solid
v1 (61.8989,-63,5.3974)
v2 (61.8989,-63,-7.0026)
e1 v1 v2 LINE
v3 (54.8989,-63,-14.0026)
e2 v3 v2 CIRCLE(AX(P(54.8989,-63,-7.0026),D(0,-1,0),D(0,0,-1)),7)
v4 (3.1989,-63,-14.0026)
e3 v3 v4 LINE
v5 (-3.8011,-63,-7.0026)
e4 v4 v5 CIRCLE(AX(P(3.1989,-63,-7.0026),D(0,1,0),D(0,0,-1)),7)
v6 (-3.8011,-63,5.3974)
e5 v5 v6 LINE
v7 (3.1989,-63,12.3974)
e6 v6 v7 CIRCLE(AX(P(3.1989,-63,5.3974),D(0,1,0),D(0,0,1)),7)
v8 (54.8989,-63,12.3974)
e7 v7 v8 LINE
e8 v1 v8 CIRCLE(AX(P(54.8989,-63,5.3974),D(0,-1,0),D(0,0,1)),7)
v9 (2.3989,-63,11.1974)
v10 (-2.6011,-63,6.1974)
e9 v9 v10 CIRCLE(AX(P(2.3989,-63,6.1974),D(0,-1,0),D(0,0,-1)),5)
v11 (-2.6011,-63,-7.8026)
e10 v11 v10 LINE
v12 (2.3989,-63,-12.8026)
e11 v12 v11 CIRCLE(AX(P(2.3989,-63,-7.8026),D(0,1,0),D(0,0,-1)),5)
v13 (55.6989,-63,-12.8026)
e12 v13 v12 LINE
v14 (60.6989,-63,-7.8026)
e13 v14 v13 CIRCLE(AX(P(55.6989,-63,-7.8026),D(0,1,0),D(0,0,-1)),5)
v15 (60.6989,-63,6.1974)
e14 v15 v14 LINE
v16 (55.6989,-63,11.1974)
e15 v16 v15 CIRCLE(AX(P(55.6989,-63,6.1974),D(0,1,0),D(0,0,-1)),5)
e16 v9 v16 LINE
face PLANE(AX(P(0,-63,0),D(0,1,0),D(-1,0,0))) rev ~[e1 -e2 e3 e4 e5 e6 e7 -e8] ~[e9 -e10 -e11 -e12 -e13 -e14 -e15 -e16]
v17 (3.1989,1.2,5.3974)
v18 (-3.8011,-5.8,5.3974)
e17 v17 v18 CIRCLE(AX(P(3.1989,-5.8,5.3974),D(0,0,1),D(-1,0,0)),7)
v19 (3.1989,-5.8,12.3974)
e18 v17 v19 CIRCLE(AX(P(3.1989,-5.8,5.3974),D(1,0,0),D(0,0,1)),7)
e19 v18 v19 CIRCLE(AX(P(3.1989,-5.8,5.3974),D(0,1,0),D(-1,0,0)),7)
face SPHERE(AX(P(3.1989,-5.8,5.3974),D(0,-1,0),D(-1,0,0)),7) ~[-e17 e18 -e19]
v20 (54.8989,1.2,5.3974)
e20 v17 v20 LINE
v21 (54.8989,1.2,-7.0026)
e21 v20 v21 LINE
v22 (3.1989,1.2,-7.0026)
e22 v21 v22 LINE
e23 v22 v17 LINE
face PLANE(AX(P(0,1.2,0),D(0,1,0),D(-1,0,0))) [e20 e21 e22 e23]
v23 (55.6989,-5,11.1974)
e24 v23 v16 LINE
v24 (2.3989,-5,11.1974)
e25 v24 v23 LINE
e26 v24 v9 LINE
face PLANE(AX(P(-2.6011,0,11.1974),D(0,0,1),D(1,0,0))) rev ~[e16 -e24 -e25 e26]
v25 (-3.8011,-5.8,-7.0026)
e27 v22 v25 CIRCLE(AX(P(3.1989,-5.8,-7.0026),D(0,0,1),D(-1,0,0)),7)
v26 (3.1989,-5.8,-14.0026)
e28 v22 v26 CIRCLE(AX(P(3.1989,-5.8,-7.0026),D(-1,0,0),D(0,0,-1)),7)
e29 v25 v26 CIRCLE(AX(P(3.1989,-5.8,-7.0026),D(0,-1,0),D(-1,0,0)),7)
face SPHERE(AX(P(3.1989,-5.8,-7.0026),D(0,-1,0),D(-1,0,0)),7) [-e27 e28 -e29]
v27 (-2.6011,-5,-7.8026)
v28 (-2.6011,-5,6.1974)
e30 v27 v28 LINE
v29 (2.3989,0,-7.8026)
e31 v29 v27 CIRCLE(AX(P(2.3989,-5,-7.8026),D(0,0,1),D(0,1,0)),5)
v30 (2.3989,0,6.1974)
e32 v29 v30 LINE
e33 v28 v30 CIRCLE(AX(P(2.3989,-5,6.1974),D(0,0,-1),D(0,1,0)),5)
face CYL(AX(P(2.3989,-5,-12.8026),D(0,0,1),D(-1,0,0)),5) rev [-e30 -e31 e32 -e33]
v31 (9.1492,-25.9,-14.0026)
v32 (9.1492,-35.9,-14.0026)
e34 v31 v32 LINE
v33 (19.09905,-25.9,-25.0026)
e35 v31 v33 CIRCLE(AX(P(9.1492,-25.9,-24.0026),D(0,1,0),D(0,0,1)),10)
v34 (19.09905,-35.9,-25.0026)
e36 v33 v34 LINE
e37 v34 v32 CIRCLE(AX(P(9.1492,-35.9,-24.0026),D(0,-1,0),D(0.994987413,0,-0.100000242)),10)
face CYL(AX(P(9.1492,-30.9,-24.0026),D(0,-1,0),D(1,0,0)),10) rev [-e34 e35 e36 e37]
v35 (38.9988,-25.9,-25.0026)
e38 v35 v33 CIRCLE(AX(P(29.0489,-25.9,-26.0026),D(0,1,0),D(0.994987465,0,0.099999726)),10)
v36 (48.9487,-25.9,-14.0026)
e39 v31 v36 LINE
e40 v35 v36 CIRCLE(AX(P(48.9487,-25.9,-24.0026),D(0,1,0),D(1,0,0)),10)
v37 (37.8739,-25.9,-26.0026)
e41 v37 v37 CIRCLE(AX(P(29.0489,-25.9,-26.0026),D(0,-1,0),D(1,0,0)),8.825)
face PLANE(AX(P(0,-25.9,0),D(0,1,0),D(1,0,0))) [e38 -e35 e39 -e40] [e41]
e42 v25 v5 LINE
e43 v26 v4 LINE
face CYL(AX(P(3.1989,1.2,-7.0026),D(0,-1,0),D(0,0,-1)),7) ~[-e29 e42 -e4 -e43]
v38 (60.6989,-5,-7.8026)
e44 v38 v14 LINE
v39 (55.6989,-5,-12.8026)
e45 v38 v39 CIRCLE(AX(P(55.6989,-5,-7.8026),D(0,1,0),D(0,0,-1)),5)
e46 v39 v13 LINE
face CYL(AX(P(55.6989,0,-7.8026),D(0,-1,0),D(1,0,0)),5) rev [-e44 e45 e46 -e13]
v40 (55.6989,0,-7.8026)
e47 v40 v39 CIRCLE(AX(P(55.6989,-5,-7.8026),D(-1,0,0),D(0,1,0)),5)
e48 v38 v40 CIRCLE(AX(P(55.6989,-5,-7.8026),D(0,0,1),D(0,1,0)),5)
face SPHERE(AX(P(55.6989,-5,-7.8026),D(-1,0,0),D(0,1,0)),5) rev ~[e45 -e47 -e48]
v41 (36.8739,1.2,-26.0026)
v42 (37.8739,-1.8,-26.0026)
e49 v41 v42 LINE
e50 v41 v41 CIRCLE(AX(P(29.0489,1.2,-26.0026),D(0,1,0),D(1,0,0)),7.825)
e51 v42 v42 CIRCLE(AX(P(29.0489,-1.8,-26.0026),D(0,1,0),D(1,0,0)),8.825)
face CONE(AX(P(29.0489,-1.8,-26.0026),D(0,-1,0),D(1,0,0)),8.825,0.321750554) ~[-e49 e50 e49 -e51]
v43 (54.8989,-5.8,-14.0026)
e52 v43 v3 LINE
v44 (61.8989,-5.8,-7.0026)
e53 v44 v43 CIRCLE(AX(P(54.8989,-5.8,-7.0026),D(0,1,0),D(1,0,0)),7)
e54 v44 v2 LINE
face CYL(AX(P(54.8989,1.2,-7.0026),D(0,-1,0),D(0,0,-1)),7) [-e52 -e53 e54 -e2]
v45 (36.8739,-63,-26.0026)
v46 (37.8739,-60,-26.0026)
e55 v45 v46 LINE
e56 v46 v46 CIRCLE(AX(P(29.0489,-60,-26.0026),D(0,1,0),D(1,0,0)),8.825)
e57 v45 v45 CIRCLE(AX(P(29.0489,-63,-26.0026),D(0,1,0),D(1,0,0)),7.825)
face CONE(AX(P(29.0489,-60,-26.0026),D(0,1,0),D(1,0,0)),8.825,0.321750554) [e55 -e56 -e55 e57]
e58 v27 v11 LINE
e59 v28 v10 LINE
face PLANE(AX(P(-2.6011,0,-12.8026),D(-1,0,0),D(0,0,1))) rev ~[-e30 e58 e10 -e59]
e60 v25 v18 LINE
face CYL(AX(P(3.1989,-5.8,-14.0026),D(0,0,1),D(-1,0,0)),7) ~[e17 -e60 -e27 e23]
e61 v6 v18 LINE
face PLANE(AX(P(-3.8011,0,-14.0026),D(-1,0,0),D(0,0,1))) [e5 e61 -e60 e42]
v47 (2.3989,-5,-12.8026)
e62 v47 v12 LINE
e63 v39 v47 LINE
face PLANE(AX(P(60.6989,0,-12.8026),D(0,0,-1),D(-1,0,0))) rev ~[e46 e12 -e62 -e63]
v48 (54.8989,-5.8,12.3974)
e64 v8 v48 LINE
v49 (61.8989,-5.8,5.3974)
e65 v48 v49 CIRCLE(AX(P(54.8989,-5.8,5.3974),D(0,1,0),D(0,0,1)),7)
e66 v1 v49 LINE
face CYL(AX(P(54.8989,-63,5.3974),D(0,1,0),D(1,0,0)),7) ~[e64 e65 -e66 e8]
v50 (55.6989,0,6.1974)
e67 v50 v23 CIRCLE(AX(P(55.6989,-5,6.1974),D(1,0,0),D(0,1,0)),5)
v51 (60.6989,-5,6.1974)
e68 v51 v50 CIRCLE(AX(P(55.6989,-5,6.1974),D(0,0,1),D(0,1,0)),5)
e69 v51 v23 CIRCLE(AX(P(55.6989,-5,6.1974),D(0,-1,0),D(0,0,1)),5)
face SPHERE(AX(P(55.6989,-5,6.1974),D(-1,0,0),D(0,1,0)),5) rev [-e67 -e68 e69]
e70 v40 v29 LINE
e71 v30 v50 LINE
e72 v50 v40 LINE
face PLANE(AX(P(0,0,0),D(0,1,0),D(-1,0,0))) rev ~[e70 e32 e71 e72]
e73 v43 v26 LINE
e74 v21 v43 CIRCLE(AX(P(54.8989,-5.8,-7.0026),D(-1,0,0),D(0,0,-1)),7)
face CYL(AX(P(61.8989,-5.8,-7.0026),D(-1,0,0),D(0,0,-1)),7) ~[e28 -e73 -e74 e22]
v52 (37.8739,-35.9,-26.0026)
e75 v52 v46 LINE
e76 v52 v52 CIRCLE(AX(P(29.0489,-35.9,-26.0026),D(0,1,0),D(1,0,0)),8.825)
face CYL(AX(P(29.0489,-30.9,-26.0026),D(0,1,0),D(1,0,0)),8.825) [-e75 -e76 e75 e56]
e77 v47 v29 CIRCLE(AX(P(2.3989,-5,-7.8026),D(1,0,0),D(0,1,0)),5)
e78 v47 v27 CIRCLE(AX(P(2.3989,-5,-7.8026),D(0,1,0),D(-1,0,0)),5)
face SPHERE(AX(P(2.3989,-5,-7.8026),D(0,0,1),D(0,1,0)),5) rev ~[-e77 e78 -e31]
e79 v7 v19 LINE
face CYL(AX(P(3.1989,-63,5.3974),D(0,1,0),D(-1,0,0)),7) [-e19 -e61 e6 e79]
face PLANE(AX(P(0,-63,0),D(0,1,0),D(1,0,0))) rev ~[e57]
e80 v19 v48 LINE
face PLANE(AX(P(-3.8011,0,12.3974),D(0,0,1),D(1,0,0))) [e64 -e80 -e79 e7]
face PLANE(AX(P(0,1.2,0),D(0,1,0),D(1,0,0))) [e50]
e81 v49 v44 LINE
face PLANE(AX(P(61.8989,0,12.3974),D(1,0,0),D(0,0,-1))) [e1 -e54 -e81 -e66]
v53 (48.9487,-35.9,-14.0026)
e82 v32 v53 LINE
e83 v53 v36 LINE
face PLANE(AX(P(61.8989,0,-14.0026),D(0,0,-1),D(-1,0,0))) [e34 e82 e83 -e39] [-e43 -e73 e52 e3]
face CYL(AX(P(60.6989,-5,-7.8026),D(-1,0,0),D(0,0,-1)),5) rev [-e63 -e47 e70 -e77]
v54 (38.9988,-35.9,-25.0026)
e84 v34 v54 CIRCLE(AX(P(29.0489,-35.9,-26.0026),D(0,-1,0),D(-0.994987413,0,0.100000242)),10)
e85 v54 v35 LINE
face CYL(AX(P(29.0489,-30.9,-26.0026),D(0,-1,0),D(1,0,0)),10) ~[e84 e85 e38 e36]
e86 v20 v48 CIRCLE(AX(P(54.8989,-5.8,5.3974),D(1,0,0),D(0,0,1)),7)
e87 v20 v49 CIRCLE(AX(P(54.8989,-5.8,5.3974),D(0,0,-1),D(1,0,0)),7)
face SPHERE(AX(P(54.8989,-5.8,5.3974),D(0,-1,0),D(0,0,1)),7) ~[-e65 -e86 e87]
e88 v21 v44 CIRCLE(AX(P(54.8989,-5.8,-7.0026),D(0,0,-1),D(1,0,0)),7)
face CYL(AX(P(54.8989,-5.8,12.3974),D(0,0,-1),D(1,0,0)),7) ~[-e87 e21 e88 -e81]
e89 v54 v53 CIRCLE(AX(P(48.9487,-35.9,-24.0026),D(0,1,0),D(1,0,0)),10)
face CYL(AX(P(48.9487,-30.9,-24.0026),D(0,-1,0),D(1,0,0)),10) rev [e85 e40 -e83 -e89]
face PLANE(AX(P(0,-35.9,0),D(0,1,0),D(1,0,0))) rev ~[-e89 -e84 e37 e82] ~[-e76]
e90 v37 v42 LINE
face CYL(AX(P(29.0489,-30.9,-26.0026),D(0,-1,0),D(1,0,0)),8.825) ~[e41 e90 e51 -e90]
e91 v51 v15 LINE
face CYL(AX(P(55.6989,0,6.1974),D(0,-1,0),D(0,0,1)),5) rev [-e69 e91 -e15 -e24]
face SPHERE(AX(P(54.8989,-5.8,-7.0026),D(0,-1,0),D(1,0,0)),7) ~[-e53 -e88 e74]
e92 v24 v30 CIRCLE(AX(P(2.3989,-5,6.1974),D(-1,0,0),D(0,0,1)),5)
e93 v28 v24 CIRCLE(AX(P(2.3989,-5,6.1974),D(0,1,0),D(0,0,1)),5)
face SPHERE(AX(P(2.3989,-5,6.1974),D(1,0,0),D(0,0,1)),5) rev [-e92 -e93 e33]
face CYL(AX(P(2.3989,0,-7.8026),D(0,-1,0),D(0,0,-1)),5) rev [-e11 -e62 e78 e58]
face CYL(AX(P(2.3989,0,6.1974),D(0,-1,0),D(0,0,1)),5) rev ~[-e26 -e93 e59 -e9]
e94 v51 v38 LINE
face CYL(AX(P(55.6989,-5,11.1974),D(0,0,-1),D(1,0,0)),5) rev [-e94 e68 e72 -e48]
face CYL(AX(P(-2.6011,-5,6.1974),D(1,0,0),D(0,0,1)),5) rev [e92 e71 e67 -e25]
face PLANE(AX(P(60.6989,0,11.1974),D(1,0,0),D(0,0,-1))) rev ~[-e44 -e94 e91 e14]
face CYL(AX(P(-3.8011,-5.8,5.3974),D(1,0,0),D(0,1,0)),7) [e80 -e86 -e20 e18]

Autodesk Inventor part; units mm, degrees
ref_plane "YZ Plane" through (0, 0, 0) normal (1, 0, 0) x (0, 1, 0)
ref_plane "XZ Plane" through (0, 0, 0) normal (0, 1, 0) x (-1, 0, 0)
ref_plane "XY Plane" through (0, 0, 0) normal (0, 0, 1) x (1, 0, 0)
sketch "Sketch1" plane through (0, 0, 0) normal (0, 1, 0) x (-1, 0, 0)
  line L0 (3.8011, 12.3974) -> (-61.8989, 12.3974)
  line L1 (-61.8989, 12.3974) -> (-61.8989, -14.0026)
  line L2 (-61.8989, -14.0026) -> (3.8011, -14.0026)
  line L3 (3.8011, -14.0026) -> (3.8011, 12.3974)
  line L4 (2.6011, 11.1974) -> (-60.6989, 11.1974)
  line L5 (-60.6989, 11.1974) -> (-60.6989, -12.8026)
  line L6 (-60.6989, -12.8026) -> (2.6011, -12.8026)
  line L7 (2.6011, -12.8026) -> (2.6011, 11.1974)
  point P0 (0, 0)
  dimension "d0" = 26.4
  dimension "d1" = 65.7
  dimension "d2" = 1.2
  dimension "d3" = 24
  dimension "d4" = 63.3
extrude "Extrusion1" add sketch "Sketch1" along normal blind 1.2 contours L3 L2 L1 L0 | L7 L6 L5 L4
extrude "Extrusion2" add sketch "Sketch1" against normal blind 63
fillet "Fillet1" radius 5 8 edges at (29.0489, 0, 11.1974) (-2.6011, -31.5, 11.1974) (-2.6011, 0, -0.8026) (29.0489, 0, -12.8026) (60.6989, 0, -0.8026) (60.6989, -31.5, -12.8026) (-2.6011, -31.5, -12.8026) (60.6989, -31.5, 11.1974)
ref_plane "Work Plane1" through (0, -30.9, 0) normal (0, 1, 0) x (1, 0, 0)
sketch "Sketch3" plane through (0, -30.9, 0) normal (0, 1, 0) x (1, 0, 0)
  arc A0 (2.3989, 12.8026) -> (-2.6011, 7.8026) centre (2.3989, 7.8026) ccw projected
  line L0 (-2.6011, 7.8026) -> (-2.6011, -6.1974) projected
  arc A1 (-2.6011, -6.1974) -> (2.3989, -11.1974) centre (2.3989, -6.1974) ccw projected
  line L1 (2.3989, -11.1974) -> (55.6989, -11.1974) projected
  arc A2 (55.6989, -11.1974) -> (60.6989, -6.1974) centre (55.6989, -6.1974) ccw projected
  line L2 (60.6989, -6.1974) -> (60.6989, 7.8026) projected
  arc A3 (60.6989, 7.8026) -> (55.6989, 12.8026) centre (55.6989, 7.8026) ccw projected
  line L3 (55.6989, 12.8026) -> (2.3989, 12.8026) projected
  line L4 (61.8989, -12.3974) -> (-3.8011, -12.3974) projected
  line L5 (-3.8011, -12.3974) -> (-3.8011, 14.0026) projected
  line L6 (-3.8011, 14.0026) -> (61.8989, 14.0026) projected
  line L7 (61.8989, 14.0026) -> (61.8989, -12.3974) projected
  circle A4 centre (29.0489, 26.0026) radius 8.825
  circle A5 centre (29.0489, 26.0026) radius 10
  circle A6 centre (9.1492, 24.0026) radius 10
  circle A7 centre (48.9487, 24.0026) radius 10
  point P0 (0, 0)
  point P1 (29.0489, 14.0026)
  point P2 (48.9487, 14.0026)
  point P3 (38.9988, 25.0026)
  point P4 (19.099, 25.0026)
  point P5 (9.1492, 14.0026)
  dimension "d10" = 17.65
  dimension "d11" = 20
  dimension "d12" = 12
  dimension "d13" = 20
  dimension "d14" = 20
extrude "Extrusion3" add sketch "Sketch3" along normal mid plane 10 contours L6 A6 A5 A7 | A5 | A4
extrude "Extrusion4" add sketch "Sketch3" along normal mid plane 64.2 contours A4
chamfer "Chamfer1" distance 1 distance2 3 1 edges at (20.2239, -63, -26.0026) measured on face at (28.7756, -63, -23.412)
chamfer "Chamfer2" distance 1 distance2 3 1 edges at (20.2239, 1.2, -26.0026) measured on face at (28.7756, 1.2, -23.412)
fillet "Fillet2" radius 7 8 edges at (61.8989, -30.9, -14.0026) (61.8989, -30.9, 12.3974) (-3.8011, -30.9, 12.3974) (-3.8011, -30.9, -14.0026) (-3.8011, 1.2, -0.8026) (29.0489, 1.2, 12.3974) (61.8989, 1.2, -0.8026) (29.0489, 1.2, -14.0026)
properties part number "batteriehalter"
